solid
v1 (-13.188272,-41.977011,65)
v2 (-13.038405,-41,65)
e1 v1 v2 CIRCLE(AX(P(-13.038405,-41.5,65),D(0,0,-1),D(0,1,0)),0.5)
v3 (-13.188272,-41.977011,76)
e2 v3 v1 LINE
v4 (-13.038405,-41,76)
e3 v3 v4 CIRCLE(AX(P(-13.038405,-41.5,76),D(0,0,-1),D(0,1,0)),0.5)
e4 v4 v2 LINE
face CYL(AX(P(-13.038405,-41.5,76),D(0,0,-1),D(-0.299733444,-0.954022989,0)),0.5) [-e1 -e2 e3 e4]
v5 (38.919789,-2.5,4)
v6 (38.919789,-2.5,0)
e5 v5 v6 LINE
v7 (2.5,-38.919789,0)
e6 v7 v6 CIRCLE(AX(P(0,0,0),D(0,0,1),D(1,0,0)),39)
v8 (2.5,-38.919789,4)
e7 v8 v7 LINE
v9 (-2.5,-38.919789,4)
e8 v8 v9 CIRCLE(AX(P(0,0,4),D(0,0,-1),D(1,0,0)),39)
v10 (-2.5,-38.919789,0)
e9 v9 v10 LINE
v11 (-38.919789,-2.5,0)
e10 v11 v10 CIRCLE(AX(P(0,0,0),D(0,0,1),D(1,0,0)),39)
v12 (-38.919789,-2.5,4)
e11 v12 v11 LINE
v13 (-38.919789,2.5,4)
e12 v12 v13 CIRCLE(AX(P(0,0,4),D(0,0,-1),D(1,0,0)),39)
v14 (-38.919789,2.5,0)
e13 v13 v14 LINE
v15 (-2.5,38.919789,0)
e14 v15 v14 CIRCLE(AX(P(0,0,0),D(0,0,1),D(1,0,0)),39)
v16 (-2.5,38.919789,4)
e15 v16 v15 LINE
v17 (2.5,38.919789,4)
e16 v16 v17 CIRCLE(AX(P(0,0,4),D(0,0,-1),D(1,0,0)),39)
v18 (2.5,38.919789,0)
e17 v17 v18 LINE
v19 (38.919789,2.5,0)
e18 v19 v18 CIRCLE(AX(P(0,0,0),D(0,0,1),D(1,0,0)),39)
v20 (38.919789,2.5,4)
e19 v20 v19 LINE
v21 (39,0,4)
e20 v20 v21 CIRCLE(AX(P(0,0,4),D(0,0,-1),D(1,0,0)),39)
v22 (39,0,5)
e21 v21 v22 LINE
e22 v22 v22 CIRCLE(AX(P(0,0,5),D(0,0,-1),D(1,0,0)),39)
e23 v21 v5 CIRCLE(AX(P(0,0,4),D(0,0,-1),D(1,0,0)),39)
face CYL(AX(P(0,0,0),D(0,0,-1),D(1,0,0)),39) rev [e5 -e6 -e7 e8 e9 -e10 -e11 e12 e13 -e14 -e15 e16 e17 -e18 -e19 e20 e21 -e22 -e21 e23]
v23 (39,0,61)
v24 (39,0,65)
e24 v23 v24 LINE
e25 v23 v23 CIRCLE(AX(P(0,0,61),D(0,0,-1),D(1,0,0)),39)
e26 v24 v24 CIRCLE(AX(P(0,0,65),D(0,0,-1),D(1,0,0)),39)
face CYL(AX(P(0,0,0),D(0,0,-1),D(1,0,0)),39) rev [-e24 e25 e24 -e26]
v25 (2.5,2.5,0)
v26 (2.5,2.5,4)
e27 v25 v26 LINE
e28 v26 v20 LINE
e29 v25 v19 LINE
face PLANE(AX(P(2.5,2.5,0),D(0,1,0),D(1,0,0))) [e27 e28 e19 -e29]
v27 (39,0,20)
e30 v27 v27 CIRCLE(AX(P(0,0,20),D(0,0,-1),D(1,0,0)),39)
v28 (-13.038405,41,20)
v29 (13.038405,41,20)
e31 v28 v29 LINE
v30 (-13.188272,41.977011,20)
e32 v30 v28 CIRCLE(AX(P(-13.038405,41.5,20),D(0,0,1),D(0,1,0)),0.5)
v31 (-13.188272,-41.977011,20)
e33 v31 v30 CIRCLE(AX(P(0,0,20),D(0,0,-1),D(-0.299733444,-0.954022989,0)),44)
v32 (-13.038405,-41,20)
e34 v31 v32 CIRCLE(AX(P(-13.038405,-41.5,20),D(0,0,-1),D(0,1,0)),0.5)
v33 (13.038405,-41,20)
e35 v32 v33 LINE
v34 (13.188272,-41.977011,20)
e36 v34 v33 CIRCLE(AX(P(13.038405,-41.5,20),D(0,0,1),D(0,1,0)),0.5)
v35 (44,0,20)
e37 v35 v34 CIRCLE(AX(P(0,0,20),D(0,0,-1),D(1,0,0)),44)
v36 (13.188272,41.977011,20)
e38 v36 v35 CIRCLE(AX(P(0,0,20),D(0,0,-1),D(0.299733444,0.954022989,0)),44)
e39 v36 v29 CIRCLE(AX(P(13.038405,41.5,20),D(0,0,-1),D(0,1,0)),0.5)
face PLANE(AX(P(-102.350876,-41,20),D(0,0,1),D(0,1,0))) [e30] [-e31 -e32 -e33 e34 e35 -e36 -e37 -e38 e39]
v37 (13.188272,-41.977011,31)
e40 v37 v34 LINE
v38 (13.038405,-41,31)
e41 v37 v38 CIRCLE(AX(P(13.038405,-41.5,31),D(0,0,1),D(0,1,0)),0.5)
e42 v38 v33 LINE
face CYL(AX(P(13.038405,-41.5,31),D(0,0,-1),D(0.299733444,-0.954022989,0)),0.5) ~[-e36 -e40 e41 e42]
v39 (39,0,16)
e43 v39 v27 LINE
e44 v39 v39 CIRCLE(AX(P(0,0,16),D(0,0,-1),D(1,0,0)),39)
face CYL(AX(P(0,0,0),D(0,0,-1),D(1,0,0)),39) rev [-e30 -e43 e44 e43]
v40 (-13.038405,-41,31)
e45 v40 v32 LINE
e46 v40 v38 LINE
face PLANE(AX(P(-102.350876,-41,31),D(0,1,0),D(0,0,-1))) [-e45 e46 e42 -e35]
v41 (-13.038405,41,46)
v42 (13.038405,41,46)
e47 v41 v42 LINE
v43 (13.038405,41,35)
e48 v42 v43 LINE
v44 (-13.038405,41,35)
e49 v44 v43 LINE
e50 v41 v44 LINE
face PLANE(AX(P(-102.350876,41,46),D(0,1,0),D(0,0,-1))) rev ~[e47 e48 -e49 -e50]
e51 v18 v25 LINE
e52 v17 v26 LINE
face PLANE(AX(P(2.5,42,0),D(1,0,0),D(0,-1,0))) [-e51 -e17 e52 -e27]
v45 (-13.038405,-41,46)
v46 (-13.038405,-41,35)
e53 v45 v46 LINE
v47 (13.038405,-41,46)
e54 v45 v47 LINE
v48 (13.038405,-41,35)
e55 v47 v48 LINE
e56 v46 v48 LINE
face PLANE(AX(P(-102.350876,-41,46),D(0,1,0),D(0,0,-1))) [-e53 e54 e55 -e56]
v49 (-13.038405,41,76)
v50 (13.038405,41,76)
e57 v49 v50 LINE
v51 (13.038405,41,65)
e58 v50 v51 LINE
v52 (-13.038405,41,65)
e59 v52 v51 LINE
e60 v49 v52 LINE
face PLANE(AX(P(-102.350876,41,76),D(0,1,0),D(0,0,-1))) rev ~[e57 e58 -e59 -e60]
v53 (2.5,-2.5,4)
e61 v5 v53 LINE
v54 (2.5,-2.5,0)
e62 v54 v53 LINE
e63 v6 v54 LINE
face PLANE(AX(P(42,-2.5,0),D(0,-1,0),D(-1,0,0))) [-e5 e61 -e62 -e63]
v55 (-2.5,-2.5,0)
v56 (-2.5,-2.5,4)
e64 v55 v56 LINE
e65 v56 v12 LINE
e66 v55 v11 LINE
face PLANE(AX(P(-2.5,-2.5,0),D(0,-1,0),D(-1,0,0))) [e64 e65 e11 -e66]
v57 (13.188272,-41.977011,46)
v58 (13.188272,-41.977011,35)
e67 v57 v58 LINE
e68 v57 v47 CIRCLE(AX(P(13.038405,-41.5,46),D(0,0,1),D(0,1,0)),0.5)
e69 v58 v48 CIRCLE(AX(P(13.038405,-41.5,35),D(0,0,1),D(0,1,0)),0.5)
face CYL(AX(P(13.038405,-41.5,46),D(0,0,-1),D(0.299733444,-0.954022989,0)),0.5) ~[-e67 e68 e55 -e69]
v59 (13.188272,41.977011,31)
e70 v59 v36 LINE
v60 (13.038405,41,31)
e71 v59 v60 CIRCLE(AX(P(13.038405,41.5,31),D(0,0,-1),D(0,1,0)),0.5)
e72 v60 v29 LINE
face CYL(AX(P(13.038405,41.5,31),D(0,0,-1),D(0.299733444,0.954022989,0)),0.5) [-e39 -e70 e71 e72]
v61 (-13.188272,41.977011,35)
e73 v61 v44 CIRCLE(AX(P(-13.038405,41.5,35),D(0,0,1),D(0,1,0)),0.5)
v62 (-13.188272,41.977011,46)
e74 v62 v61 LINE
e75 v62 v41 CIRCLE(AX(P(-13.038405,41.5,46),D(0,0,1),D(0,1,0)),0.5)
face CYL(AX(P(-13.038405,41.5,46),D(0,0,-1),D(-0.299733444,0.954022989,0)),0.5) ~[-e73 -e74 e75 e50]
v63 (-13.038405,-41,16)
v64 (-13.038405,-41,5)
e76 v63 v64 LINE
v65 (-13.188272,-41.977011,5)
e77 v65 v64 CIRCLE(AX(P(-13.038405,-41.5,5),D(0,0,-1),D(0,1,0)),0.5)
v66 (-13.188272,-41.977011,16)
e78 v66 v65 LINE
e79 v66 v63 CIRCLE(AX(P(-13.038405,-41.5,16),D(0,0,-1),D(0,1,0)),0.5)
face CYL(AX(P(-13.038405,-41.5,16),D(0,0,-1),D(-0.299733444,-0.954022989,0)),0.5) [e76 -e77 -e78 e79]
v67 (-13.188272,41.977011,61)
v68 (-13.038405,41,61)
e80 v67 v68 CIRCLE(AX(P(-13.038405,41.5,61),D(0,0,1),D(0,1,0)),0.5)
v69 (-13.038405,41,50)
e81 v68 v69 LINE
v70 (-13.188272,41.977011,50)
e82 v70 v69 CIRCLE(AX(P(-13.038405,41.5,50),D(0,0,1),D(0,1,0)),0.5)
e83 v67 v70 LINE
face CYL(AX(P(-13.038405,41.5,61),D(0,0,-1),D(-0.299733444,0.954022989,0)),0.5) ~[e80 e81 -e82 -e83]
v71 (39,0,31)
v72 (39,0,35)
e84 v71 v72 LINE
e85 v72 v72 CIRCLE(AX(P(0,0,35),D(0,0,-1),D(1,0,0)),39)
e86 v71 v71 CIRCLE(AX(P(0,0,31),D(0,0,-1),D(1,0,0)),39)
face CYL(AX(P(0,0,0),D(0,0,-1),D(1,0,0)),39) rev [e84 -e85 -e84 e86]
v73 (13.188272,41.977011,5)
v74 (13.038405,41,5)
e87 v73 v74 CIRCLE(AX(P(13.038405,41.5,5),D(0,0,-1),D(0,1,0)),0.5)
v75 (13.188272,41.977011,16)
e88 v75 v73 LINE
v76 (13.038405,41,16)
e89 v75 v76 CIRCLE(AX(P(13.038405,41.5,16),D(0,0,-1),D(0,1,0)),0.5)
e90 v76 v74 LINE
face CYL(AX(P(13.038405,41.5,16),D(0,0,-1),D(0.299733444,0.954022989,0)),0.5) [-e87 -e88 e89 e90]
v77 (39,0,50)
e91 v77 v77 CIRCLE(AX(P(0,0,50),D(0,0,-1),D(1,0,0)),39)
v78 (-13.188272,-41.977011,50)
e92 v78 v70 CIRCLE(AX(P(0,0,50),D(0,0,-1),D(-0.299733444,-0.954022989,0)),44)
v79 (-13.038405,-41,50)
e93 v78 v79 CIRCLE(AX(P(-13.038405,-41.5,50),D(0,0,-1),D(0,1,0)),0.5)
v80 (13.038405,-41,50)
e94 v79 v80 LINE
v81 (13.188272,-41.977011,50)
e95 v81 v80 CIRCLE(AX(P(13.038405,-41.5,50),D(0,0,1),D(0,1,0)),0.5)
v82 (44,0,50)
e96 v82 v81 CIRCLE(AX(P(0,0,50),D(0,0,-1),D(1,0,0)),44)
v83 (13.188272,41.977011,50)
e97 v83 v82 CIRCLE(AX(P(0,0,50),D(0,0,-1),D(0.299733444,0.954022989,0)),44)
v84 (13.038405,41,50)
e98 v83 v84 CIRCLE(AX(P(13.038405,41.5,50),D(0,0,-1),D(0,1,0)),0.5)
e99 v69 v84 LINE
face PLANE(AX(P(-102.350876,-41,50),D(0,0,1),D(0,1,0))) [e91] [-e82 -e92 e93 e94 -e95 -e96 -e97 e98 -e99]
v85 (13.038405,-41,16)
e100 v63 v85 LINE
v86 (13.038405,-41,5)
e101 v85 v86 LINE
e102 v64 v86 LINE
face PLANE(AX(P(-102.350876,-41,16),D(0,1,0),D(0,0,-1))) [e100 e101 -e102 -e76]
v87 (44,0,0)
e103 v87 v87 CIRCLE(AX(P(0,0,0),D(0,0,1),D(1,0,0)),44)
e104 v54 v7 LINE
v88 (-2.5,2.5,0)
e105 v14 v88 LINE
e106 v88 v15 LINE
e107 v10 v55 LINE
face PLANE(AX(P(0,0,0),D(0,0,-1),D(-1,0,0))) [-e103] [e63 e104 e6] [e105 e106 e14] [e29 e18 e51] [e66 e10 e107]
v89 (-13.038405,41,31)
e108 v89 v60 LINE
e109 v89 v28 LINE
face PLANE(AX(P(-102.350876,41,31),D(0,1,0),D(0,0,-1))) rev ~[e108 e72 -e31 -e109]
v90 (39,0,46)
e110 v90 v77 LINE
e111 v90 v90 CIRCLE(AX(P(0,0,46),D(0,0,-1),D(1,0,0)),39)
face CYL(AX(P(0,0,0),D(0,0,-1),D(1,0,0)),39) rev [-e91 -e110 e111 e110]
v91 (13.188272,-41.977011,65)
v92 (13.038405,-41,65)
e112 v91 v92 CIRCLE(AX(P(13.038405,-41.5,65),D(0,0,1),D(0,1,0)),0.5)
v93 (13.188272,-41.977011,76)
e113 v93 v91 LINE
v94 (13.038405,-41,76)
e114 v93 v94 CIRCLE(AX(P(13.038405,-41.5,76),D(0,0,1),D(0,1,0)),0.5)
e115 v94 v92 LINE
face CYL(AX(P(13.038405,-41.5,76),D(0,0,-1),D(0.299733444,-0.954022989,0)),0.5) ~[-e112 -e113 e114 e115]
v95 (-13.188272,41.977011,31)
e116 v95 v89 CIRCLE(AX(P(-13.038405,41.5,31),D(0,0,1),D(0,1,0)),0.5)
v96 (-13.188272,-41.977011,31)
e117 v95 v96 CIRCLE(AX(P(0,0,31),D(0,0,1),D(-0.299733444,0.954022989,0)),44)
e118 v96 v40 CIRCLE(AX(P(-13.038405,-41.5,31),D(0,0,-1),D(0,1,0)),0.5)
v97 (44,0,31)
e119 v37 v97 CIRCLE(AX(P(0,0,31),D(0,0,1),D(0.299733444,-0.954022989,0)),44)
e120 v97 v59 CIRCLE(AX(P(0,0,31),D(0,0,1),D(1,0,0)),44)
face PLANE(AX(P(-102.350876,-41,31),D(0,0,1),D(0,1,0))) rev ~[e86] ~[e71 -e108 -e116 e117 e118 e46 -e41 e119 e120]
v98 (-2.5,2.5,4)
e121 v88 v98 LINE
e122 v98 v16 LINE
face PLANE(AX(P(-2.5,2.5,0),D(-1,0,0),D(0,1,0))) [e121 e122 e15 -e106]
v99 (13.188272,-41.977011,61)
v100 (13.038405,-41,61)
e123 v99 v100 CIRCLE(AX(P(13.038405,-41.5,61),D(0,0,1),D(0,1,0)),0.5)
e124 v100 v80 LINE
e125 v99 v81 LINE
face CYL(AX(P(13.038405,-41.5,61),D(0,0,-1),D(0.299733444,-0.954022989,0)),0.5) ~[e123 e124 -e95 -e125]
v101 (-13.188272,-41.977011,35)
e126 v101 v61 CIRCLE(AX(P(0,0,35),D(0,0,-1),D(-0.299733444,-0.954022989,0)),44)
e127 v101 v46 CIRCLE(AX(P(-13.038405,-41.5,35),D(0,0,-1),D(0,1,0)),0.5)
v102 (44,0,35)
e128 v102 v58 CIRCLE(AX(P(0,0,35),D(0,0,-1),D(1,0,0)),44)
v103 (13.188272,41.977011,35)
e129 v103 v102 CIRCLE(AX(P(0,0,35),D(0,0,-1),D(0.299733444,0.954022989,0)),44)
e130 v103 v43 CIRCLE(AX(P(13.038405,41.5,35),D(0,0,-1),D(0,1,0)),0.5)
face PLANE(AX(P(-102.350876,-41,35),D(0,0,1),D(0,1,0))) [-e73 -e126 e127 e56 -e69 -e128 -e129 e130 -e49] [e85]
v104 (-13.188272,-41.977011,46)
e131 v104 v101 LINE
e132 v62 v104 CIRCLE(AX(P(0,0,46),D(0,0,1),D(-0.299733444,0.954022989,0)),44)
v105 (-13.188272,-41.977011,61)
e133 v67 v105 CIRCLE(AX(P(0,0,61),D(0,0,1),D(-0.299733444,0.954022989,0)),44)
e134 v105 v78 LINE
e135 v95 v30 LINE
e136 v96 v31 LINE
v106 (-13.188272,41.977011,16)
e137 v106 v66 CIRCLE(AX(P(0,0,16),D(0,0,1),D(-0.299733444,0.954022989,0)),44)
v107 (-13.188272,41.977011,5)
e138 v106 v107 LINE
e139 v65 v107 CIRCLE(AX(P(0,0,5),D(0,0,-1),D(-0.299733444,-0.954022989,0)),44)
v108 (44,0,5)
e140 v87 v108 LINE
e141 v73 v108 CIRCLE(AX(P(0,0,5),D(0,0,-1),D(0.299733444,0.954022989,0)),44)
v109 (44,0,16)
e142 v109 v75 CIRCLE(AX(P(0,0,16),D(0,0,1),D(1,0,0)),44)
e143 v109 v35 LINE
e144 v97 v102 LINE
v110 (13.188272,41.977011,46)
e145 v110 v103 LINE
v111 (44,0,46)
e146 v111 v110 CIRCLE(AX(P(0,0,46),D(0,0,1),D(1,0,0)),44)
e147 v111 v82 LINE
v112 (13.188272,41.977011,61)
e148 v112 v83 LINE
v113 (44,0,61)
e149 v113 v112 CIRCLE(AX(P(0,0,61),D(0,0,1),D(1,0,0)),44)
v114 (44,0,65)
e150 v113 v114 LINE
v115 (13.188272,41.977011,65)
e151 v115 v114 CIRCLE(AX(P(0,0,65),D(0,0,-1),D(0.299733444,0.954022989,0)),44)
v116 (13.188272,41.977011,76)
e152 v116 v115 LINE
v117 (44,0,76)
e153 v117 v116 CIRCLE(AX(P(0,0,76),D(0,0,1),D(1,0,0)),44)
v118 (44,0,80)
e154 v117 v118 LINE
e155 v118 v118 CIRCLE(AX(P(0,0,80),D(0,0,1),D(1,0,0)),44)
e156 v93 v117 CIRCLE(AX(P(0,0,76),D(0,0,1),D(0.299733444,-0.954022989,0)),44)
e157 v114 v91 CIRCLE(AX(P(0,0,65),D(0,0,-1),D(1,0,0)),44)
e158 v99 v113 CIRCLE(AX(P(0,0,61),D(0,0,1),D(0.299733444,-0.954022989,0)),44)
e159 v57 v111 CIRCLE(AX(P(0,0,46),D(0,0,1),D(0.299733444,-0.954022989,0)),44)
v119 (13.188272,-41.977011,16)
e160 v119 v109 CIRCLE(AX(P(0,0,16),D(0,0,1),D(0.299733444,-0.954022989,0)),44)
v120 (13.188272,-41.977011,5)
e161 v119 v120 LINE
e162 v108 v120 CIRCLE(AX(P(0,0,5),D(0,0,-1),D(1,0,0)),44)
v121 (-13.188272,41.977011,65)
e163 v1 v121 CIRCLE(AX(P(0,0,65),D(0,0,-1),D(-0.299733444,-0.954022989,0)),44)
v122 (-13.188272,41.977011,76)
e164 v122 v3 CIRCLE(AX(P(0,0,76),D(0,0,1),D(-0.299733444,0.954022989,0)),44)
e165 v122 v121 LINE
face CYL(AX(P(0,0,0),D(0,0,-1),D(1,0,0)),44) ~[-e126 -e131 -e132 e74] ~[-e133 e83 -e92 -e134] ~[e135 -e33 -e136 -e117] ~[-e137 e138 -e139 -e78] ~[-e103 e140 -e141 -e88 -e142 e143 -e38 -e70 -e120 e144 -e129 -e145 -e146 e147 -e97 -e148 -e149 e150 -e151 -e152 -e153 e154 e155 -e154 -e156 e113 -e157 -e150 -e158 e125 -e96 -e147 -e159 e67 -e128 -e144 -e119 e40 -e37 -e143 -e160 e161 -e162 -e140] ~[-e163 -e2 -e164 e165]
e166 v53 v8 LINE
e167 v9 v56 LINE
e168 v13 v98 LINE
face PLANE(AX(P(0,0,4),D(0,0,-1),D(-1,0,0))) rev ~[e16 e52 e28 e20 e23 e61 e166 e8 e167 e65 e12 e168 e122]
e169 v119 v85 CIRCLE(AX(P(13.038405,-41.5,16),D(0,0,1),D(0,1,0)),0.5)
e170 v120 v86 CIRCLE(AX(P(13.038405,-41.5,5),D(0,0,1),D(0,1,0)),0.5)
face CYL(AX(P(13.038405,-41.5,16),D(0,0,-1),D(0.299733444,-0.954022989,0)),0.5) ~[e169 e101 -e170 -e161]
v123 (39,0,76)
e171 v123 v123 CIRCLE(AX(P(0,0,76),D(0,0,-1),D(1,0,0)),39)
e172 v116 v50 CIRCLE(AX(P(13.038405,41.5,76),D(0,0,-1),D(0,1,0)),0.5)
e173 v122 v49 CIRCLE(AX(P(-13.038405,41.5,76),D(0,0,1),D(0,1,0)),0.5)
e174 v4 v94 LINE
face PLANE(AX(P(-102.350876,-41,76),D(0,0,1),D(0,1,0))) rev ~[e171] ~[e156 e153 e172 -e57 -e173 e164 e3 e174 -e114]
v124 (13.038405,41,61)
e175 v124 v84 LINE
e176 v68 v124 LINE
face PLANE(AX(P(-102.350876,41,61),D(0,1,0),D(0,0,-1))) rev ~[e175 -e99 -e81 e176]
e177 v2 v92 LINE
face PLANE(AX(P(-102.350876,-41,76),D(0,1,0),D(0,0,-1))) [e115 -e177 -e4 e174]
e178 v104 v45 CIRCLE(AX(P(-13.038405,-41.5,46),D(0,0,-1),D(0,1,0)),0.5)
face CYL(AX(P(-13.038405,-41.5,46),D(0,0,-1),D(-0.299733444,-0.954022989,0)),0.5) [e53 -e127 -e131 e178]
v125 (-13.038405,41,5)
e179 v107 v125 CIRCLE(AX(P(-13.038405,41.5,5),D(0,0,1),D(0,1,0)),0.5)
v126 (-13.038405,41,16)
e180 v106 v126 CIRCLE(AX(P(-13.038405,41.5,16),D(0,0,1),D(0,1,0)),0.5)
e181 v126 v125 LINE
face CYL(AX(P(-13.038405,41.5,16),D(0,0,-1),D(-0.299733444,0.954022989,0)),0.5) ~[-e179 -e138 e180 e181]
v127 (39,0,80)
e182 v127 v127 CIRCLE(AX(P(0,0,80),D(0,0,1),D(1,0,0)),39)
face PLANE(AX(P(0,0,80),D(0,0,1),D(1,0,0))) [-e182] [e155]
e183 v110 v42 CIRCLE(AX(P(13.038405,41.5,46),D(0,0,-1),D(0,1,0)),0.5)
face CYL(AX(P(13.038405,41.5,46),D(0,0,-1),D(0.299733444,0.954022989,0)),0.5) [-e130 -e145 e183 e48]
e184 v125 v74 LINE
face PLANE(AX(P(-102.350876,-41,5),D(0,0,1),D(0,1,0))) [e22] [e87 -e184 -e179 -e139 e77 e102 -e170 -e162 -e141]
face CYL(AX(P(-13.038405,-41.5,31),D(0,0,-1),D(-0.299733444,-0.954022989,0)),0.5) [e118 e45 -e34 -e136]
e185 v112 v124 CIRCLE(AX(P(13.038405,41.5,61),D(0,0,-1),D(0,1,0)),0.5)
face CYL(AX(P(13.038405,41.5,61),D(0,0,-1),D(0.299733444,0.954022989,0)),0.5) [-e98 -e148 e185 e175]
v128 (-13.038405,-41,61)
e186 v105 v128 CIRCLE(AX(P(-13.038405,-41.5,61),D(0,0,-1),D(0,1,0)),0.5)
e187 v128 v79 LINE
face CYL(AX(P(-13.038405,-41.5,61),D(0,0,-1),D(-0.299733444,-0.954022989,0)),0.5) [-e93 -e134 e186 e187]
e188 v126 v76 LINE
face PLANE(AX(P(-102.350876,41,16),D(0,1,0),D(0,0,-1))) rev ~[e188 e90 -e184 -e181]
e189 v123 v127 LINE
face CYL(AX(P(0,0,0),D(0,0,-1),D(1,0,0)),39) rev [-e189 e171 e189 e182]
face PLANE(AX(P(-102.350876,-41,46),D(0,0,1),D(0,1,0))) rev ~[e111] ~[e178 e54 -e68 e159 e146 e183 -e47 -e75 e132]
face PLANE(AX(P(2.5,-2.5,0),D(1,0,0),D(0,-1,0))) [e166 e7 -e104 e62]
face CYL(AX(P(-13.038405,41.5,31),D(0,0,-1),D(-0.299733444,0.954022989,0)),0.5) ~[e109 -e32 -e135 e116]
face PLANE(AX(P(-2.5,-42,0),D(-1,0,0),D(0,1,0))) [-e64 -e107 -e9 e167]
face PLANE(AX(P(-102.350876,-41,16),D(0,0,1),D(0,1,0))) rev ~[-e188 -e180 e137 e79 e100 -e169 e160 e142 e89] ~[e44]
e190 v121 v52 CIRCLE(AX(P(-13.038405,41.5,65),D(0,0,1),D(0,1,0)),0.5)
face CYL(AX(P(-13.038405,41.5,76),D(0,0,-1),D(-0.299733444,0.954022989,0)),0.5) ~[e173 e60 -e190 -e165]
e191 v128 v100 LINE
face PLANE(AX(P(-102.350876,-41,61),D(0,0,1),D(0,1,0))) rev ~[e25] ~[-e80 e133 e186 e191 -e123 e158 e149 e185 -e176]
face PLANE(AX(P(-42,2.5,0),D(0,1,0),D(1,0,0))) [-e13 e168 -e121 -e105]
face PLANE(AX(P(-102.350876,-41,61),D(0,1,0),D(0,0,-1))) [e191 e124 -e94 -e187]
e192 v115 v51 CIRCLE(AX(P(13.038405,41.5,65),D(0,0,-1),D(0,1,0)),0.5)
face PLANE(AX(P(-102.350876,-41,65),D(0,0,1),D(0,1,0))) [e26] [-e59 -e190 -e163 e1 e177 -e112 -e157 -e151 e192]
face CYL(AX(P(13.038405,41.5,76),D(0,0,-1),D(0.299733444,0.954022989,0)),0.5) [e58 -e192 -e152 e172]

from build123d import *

# Parameters (mm, degrees)
ESQUISSE2_R                  = 44
ESQUISSE2_R_2                = 39
BOSS_EXTRU_1_DEPTH           = 80
BOSS_EXTRU_2_DEPTH           = 4
ENL_V_MAT_EXTRU_1_DEPTH      = 102.350875675
ENL_V_MAT_EXTRU_1_DEPTH_BACK = 102.350875675
ESQUISSE4_W                  = 11
ESQUISSE4_H                  = 82
CONG_1_R                     = 0.5


with BuildPart() as part:
    # Esquisse2 → Boss.-Extru.1 (new body)
    with BuildSketch(Plane.XY):
        Circle(ESQUISSE2_R)
        Circle(ESQUISSE2_R_2, mode=Mode.SUBTRACT)
    extrude(amount=BOSS_EXTRU_1_DEPTH)

    # Esquisse3 → Boss.-Extru.2 (add)
    with BuildSketch(Plane(origin=(0, 0, 0), x_dir=(-1, 0, 0), z_dir=(0, 0, -1))):
        Polygon((-2.5, 2.5), (-42, 2.5), (-42, -2.5), (-2.5, -2.5), (-2.5, -42), (2.5, -42), (2.5, -2.5), (42, -2.5), (42, 2.5), (2.5, 2.5), (2.5, 42), (-2.5, 42), align=None)
    extrude(amount=-BOSS_EXTRU_2_DEPTH)

    # Esquisse4 → Enlèv. mat.-Extru.1 (cut, two sides: drawn at the far end of the back side and taken through both)
    with BuildSketch(Plane(origin=(0, 0, 0), x_dir=(0, 0, -1), z_dir=(1, 0, 0)).offset(-ENL_V_MAT_EXTRU_1_DEPTH_BACK)):
        with Locations((-10.5, 0)):
            Rectangle(ESQUISSE4_W, ESQUISSE4_H)
        with Locations((-25.5, 0)):
            Rectangle(ESQUISSE4_W, ESQUISSE4_H)
        with Locations((-40.5, 0)):
            Rectangle(ESQUISSE4_W, ESQUISSE4_H)
        with Locations((-55.5, 0)):
            Rectangle(ESQUISSE4_W, ESQUISSE4_H)
        with Locations((-70.5, 0)):
            Rectangle(ESQUISSE4_W, ESQUISSE4_H)
    extrude(amount=ENL_V_MAT_EXTRU_1_DEPTH + ENL_V_MAT_EXTRU_1_DEPTH_BACK, mode=Mode.SUBTRACT)

    # Congé1
    cong_1_edges = [part.edges().sort_by_distance(p)[0] for p in [
        (15.968719423, 41, 10.5),
        (-15.968719423, 41, 10.5),
        (15.968719423, -41, 70.5),
        (-15.968719423, -41, 70.5),
        (15.968719423, 41, 70.5),
        (-15.968719423, 41, 70.5),
        (15.968719423, -41, 55.5),
        (-15.968719423, -41, 55.5),
        (15.968719423, 41, 55.5),
        (-15.968719423, 41, 55.5),
        (15.968719423, -41, 40.5),
        (-15.968719423, -41, 40.5),
        (15.968719423, 41, 40.5),
        (-15.968719423, 41, 40.5),
        (15.968719423, -41, 25.5),
        (-15.968719423, -41, 25.5),
        (15.968719423, 41, 25.5),
        (-15.968719423, 41, 25.5),
        (15.968719423, -41, 10.5),
        (-15.968719423, -41, 10.5),
    ]]
    fillet(cong_1_edges, radius=CONG_1_R)


solid = part.part
